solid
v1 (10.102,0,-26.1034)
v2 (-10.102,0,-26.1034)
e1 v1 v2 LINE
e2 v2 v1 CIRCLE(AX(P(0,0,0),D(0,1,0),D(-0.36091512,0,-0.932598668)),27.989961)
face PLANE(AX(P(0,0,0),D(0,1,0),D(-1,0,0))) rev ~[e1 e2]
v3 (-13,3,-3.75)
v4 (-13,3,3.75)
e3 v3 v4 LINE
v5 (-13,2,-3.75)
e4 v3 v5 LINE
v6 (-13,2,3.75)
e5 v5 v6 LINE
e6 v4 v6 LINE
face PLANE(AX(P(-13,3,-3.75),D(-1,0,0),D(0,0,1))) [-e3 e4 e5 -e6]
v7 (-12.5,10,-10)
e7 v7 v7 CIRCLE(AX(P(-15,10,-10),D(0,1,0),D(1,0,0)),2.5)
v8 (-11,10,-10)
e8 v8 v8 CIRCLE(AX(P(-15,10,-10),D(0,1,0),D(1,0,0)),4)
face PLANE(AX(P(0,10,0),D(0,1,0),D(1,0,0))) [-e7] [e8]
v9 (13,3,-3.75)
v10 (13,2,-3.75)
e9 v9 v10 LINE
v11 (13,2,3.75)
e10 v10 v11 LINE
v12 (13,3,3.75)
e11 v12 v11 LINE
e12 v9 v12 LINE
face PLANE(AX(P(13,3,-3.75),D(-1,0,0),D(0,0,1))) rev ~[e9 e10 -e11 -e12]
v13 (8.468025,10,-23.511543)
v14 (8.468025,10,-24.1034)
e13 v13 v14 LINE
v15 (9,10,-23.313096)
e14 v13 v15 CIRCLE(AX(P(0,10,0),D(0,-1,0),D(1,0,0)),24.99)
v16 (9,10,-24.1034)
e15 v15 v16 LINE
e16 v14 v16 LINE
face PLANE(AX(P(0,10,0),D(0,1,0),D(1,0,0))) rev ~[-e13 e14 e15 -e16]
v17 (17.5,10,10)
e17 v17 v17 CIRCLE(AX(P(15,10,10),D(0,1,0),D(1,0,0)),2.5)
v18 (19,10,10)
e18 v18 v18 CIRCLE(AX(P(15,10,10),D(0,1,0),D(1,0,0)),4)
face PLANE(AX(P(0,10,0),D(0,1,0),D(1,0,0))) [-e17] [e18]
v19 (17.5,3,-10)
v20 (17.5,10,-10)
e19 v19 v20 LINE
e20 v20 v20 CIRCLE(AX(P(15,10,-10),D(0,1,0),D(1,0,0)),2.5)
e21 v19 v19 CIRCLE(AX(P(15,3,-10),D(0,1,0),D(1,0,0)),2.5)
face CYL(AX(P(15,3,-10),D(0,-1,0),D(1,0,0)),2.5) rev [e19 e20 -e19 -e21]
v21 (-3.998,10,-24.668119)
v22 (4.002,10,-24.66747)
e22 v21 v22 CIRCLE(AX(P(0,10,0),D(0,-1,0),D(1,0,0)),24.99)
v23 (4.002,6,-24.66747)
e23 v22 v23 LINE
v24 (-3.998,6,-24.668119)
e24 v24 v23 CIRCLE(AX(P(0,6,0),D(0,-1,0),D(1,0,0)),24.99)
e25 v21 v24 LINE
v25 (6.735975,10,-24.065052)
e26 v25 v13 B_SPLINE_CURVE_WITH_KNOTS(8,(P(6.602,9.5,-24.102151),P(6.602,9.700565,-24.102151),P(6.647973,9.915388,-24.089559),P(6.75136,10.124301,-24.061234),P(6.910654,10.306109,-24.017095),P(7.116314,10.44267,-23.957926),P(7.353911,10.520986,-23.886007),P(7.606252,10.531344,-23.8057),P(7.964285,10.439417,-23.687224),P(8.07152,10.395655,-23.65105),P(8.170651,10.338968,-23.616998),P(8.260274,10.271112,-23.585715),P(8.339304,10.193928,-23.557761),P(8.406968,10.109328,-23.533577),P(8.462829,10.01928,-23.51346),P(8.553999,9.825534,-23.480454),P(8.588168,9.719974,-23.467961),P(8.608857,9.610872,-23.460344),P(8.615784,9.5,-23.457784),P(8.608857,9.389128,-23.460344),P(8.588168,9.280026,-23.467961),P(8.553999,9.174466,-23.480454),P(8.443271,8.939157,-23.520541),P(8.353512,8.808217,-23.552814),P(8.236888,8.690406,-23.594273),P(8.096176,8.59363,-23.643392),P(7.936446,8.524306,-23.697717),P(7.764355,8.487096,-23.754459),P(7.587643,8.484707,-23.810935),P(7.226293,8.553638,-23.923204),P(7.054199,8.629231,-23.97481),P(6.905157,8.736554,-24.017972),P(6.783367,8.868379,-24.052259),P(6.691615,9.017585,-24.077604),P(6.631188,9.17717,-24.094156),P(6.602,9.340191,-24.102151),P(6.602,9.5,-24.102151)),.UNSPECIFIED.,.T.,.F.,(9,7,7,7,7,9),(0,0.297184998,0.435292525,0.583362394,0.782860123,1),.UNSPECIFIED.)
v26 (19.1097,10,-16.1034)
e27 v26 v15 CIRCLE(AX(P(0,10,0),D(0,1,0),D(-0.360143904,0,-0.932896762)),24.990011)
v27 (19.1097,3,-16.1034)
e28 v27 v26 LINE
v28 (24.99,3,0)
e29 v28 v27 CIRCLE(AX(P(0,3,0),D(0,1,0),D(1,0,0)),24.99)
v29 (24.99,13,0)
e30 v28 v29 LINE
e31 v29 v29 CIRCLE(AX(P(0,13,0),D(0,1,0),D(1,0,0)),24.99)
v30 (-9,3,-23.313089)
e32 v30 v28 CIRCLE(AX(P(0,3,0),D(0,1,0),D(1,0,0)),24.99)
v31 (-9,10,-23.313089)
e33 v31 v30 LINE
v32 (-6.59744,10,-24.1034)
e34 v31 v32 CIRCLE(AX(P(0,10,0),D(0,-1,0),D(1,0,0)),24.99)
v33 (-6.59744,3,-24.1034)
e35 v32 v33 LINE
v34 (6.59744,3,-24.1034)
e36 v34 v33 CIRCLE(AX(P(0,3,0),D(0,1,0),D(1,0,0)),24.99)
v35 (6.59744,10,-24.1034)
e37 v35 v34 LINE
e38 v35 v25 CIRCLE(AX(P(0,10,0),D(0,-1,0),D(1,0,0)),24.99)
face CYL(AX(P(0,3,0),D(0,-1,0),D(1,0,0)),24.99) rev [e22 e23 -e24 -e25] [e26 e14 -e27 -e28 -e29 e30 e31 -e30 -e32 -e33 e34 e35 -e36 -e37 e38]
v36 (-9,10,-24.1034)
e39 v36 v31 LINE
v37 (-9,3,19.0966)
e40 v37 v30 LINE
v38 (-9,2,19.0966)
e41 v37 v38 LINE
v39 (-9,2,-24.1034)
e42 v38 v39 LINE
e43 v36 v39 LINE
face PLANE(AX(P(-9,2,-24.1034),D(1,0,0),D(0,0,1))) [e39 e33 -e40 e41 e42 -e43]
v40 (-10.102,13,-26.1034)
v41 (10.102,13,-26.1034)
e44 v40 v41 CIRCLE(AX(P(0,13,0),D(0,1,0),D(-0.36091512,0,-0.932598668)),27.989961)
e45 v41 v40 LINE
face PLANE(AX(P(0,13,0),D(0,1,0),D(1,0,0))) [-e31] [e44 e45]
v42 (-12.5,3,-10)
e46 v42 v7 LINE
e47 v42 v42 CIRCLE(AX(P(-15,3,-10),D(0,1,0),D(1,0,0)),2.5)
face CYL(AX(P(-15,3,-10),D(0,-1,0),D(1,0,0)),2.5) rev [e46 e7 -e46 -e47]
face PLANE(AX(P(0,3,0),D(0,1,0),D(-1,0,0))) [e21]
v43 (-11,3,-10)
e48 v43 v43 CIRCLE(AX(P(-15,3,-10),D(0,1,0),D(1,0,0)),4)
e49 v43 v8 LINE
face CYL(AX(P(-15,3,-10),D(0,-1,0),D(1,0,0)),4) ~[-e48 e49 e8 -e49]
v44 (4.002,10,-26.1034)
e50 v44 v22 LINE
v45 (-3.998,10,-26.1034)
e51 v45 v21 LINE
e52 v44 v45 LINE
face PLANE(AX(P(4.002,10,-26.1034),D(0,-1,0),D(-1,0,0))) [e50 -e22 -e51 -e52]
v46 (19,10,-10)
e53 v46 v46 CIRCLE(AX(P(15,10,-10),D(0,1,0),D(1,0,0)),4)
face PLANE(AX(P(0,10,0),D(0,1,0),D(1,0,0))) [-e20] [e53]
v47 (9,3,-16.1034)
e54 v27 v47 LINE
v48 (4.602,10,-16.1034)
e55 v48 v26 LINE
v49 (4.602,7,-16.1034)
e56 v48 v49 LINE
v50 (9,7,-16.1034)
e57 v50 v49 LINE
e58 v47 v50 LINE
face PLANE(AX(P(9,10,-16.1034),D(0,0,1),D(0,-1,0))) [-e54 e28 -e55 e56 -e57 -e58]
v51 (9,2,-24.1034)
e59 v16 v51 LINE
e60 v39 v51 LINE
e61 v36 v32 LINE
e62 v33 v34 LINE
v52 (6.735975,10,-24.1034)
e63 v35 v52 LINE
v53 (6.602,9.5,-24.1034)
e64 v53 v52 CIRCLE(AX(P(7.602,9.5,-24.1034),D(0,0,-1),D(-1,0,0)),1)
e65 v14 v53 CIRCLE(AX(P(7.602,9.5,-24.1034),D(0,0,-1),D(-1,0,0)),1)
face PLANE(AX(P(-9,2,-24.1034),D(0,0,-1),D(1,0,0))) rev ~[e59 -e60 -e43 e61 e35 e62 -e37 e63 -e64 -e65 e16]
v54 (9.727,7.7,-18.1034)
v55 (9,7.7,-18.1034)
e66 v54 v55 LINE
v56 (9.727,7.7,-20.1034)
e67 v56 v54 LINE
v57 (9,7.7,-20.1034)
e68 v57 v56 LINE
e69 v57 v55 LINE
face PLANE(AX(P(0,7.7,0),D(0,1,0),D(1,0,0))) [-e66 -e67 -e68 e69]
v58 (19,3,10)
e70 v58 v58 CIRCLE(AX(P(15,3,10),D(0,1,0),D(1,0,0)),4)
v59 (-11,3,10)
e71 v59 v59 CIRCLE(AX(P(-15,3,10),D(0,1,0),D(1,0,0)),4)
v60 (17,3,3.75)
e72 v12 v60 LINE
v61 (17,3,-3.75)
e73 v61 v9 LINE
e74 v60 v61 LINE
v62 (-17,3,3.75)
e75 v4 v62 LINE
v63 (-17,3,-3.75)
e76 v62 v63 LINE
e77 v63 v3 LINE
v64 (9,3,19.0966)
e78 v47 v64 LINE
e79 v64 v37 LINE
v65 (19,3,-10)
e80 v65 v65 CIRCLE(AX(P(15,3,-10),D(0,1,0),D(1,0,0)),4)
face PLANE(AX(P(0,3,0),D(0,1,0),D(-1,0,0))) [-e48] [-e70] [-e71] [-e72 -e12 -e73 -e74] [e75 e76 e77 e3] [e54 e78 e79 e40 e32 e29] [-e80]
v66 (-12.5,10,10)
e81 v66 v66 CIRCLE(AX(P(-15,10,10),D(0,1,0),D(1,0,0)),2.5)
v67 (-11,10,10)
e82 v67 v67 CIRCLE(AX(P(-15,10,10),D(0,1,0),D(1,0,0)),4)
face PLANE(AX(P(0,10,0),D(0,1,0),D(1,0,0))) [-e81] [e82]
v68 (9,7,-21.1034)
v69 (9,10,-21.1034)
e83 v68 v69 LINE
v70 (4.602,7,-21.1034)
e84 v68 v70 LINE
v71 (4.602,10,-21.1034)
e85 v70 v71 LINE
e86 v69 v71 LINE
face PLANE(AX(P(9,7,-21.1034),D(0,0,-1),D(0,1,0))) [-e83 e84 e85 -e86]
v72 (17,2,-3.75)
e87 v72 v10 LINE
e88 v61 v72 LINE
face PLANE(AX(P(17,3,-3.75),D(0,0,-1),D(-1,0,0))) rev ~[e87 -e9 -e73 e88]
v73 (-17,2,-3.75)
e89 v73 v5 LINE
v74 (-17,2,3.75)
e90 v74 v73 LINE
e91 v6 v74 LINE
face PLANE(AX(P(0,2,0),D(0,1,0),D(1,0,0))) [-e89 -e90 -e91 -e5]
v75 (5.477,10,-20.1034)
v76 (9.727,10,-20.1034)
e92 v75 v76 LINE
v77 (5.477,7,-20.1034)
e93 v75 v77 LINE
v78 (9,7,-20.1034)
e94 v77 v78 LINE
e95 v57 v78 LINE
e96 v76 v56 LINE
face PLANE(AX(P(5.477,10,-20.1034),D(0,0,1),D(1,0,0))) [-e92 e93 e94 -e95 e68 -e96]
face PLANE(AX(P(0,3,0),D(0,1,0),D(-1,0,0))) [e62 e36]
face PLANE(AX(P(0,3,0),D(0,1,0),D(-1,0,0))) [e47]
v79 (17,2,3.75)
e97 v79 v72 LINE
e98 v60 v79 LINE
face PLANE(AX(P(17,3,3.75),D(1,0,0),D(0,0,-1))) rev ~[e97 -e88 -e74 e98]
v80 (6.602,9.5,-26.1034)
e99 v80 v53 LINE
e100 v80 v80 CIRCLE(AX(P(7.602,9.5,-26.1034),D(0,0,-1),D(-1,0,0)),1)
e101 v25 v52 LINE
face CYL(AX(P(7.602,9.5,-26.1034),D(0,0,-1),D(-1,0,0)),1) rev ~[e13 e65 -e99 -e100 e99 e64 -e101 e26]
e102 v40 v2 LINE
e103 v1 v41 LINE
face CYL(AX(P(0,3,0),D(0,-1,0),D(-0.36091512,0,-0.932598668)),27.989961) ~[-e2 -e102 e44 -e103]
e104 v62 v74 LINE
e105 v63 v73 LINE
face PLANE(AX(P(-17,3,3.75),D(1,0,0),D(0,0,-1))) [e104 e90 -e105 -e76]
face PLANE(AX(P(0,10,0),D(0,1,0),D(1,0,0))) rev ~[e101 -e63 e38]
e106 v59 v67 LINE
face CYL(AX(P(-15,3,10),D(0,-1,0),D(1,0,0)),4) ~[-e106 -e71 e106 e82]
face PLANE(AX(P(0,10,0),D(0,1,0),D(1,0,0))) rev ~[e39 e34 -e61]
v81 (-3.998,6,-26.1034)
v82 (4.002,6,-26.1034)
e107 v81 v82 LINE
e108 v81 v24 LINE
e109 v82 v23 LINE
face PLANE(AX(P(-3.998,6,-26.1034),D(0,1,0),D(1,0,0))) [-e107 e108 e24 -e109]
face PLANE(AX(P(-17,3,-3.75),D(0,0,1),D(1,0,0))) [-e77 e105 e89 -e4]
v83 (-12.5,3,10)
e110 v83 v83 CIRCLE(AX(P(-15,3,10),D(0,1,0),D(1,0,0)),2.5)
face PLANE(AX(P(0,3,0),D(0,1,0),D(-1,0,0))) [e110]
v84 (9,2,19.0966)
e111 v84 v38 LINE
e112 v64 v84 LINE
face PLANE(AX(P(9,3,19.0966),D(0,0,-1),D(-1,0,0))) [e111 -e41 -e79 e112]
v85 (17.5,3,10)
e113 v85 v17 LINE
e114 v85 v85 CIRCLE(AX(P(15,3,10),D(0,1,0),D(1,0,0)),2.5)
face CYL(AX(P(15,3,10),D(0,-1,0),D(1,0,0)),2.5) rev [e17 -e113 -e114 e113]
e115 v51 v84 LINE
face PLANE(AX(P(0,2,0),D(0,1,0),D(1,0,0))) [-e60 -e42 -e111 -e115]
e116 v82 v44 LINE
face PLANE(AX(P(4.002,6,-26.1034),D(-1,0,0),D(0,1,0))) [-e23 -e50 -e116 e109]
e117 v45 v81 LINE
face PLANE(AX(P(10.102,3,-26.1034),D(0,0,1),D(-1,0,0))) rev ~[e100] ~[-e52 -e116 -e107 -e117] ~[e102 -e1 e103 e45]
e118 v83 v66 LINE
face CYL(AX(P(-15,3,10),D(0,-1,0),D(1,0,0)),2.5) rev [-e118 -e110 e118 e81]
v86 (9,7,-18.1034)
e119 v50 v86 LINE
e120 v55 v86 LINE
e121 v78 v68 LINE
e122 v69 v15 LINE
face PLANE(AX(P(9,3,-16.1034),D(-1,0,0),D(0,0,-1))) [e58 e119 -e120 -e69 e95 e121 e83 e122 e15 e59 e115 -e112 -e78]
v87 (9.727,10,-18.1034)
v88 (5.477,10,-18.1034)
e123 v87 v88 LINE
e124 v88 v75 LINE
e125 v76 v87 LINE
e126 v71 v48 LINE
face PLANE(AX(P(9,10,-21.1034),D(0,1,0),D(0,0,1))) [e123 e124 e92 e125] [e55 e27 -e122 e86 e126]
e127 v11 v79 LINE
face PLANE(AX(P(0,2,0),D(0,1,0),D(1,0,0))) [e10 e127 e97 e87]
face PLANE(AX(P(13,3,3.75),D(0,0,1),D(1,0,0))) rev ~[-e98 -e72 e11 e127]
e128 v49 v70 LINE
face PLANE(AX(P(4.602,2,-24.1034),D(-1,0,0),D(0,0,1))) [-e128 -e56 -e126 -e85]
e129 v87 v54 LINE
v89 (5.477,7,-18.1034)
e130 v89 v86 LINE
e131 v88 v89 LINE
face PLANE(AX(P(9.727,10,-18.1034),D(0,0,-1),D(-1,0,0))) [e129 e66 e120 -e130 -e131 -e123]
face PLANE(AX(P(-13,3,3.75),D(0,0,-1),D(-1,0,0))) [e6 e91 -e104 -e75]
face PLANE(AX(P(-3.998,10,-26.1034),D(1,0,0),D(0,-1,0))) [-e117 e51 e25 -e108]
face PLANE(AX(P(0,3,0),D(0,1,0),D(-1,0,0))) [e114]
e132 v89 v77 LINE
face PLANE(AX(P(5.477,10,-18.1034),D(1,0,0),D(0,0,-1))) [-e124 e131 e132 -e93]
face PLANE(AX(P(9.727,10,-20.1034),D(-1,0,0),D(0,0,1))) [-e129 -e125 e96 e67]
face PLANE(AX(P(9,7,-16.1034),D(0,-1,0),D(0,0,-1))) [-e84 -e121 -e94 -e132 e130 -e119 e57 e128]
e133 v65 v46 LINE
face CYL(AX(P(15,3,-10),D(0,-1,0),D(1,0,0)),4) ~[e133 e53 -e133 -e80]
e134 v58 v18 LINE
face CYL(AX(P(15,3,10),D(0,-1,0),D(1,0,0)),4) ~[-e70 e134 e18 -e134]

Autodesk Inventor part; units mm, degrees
ref_plane "YZ Plane" through (0, 0, 0) normal (1, 0, 0) x (0, 1, 0)
ref_plane "XZ Plane" through (0, 0, 0) normal (0, 1, 0) x (-1, 0, 0)
ref_plane "XY Plane" through (0, 0, 0) normal (0, 0, 1) x (1, 0, 0)
sketch "Sketch1" plane through (0, 0, 0) normal (0, 1, 0) x (-1, 0, 0)
  line L0 (8.5, 21.5) -> (-8.5, 21.5) construction
  line L1 (-8.5, 21.5) -> (-8.5, -21.5) construction
  line L2 (8.5, -21.5) -> (8.5, 21.5) construction
  line L3 (-8.5, 21.5) -> (8.5, -21.5) construction
  line L4 (-8.5, -21.5) -> (8.5, 21.5) construction
  line L5 (-3.5, -21.5) -> (-3.5, -23.5) construction
  line L6 (-3.5, -23.5) -> (3.5, -23.5) construction
  line L7 (3.5, -23.5) -> (3.5, -21.5) construction
  line L8 (-8.5, -21.5) -> (-3.5, -21.5) construction
  line L9 (3.5, -21.5) -> (8.5, -21.5) construction
  arc A0 (9.5253, -23.1034) -> (-9.5253, -23.1034) centre (0, 0) ccw
  line L10 (9.5253, -23.1034) -> (-9.5253, -23.1034)
  line L11 (-10.102, -26.1034) -> (10.102, -26.1034)
  arc A1 (10.102, -26.1034) -> (-10.102, -26.1034) centre (0, 0) ccw
  dimension "d0" = 43
  dimension "d1" = 17
  dimension "d2" = 7
  dimension "d3" = 2
  dimension "d4" = 3
  dimension "d13" = 20.204
extrude "BASE PLATE" add sketch "Sketch1" along normal blind 3 contours L10 A0 | A1 L11
sketch "Sketch3" plane through (0, 3, 0) normal (0, 1, 0) x (1, 0, 0)
  line L0 (10.102, 26.1034) -> (-10.102, 26.1034) projected
  arc A0 (-10.102, 26.1034) -> (10.102, 26.1034) centre (0, 0) ccw
  arc A1 (-10.102, 26.1034) -> (10.102, 26.1034) centre (0, 0) ccw projected
  line L1 (-10.102, 26.1034) -> (10.102, 26.1034)
  circle A2 centre (0, 0) radius 24.99
  dimension "d58" = 3
extrude "WALLS" add sketch "Sketch3" along normal blind 10
sketch "Sketch6" plane through (0, 3, 0) normal (0, 1, 0) x (1, 0, 0)
  line L0 (-8.5, 21.5) -> (8.5, 21.5) construction
  line L1 (8.5, 21.5) -> (8.5, -21.5) construction
  line L2 (8.5, -21.5) -> (-8.5, -21.5) construction
  line L3 (-8.5, -21.5) -> (-8.5, 21.5) construction
  line L4 (-8.5, -21.5) -> (8.5, 21.5) construction
  line L5 (-8.5, 21.5) -> (8.5, -21.5) construction
  line L6 (0, 0) -> (-15, 0) construction
  line L7 (-15, 0) -> (-15, 10) construction
  line L8 (-15, 10) -> (0, 10) construction
  line L9 (0, 10) -> (0, 0) construction
  circle A0 centre (-15, 10) radius 4
  circle A1 centre (-15, 10) radius 2.5
  circle A2 centre (-15, -10) radius 4
  circle A3 centre (-15, -10) radius 2.5
  circle A4 centre (15, 10) radius 4
  circle A5 centre (15, 10) radius 2.5
  circle A6 centre (15, -10) radius 2.5
  circle A7 centre (15, -10) radius 4
  dimension "d18" = 43
  dimension "d19" = 17
  dimension "d20" = 15
  dimension "d21" = 10
  dimension "d22" = 8
  dimension "d23" = 5
extrude "BUTTON POSTS" add sketch "Sketch6" along normal blind 7
sketch "Sketch7" plane through (0, 3, 0) normal (0, 1, 0) x (1, 0, 0)
  line L0 (-9, 24.1034) -> (9, 24.1034)
  line L1 (9, 24.1034) -> (9, -19.0966)
  line L2 (9, -19.0966) -> (-9, -19.0966)
  line L3 (-9, -19.0966) -> (-9, 24.1034)
  line L4 (-17, 3.75) -> (-13, 3.75)
  line L5 (-13, 3.75) -> (-13, -3.75)
  line L6 (-13, -3.75) -> (-17, -3.75)
  line L7 (-17, -3.75) -> (-17, 3.75)
  line L8 (-24.99, 0) -> (24.99, 0) construction
  line L9 (0, 23.1034) -> (0, -24.99) construction
  line L10 (17, 3.75) -> (13, 3.75)
  line L11 (13, 3.75) -> (13, -3.75)
  line L12 (13, -3.75) -> (17, -3.75)
  line L13 (17, -3.75) -> (17, 3.75)
  line L14 (-9.5253, 24.1034) -> (9.5253, 24.1034) projected
  line L15 (10.102, 26.1034) -> (-10.102, 26.1034) projected
  dimension "d26" = 43.2
  dimension "d27" = 18
  dimension "d28" = 7.5
  dimension "d29" = 4
  dimension "d30" = 3.75
  dimension "d63" = 2
  dimension "d65" = 9
  dimension "d77" = 13
extrude "INDENTATION FOR LINEUP" cut sketch "Sketch7" against normal blind 1
sketch "Sketch9" plane through (0, 2, 0) normal (0, 1, 0) x (1, 0, 0)
  line L0 (-9, 24.1034) -> (9, 24.1034) projected
  line L1 (-9, -19.0966) -> (9, -19.0966)
  line L2 (9, -19.0966) -> (9, 24.1034)
  line L3 (9, 24.1034) -> (-9, 24.1034)
  line L4 (-9, 24.1034) -> (-9, -19.0966)
  point P0 (0, 0)
extrude "FLAT SURFACE FOR ARDUINO" cut sketch "Sketch9" along normal blind 8
sketch "Sketch11" plane through (10.102, 0, -26.1034) normal (0, 0, -1) x (-1, 0, 0)
  line L0 (19.102, 2) -> (1.102, 2) construction
  line L1 (0, 0) -> (0, 13) construction
  line L2 (20.204, 0) -> (20.204, 13) construction
  line L3 (6.1, 10) -> (14.1, 10)
  line L4 (14.1, 10) -> (14.1, 6)
  line L5 (14.1, 6) -> (6.1, 6)
  line L6 (6.1, 6) -> (6.1, 10)
  line L7 (0, 0) -> (20.204, 0) construction
  circle A0 centre (2.5, 9.5) radius 1
  point P0 (10.102, 0)
  dimension "d69" = 4
  dimension "d70" = 4
  dimension "d71" = 6.1
  dimension "d72" = 2
  dimension "d74" = 2.5
  dimension "d78" = 7.5
  dimension "d89" = 8
extrude "I/O HOLES" cut sketch "Sketch11" against normal blind 10
sketch "Sketch12" plane through (0, 3, 0) normal (0, 1, 0) x (1, 0, 0)
  line L0 (19.1097, 16.1034) -> (9, 16.1034)
  line L1 (9, 16.1034) -> (9, 23.3131)
  line L2 (-9, 24.1034) -> (9, 24.1034) construction
  line L3 (-9, -19.0966) -> (-9, 24.1034) construction
  line L4 (9, -19.0966) -> (-9, -19.0966) construction
  line L5 (9, 24.1034) -> (9, -19.0966) construction
  line L6 (10.102, 26.1034) -> (-10.102, 26.1034) projected
  circle A0 centre (0, 0) radius 24.99 construction
  arc A1 (-9, 23.3131) -> (9, 23.3131) centre (0, 0) ccw projected
  arc A2 (19.1097, 16.1034) -> (9, 23.3131) centre (0, 0) ccw
  line L7 (9, 23.3131) -> (9, -19.0966) projected
  point P0 (13, 21.3424)
  dimension "d88" = 10
extrude "Extrusion11" add sketch "Sketch12" along normal blind 7
sketch "Sketch16" plane through (9, 2, -24.1034) normal (-1, 0, 0) x (0, 0, 1)
  line L0 (0, 8) -> (0, 6.5) construction
  line L1 (0.7903, 8) -> (8, 8) construction
  line L2 (6, 8) -> (6, 5.7) construction
  line L3 (6, 5.7) -> (4.3, 5.7) construction
  line L4 (4.3, 5.7) -> (4.3, 8) construction
  line L5 (0.7903, 8) -> (8, 8) construction
  line L6 (8, 1) -> (8, 8) construction
  line L7 (0.7903, 8) -> (8, 8) construction
  line L8 (14.8538, 7.25) -> (0, 7.25) construction
  line L9 (0, 0) -> (0, 8) construction
  line L10 (3, 8) -> (8, 8)
  line L11 (8, 8) -> (8, 5)
  line L12 (8, 5) -> (3, 5)
  line L13 (3, 5) -> (3, 8)
  point P0 (24.1034, -2)
  dimension "d96" = 3
  dimension "d97" = 5
extrude "Extrusion13" add sketch "Sketch16" along normal blind 4.398
sketch "Sketch18" plane through (0, 10, 0) normal (0, 1, 0) x (1, 0, 0)
  line L0 (9.727, 18.1034) -> (5.477, 18.1034)
  line L1 (5.477, 18.1034) -> (5.477, 20.1034)
  line L2 (5.477, 20.1034) -> (9.727, 20.1034)
  line L3 (9.727, 20.1034) -> (9.727, 18.1034)
  line L4 (19.1097, 16.1034) -> (4.602, 16.1034) projected
  line L5 (4.602, 16.1034) -> (4.602, 21.1034) projected
  line L6 (8.468, 23.5115) -> (8.468, 24.1034) projected
  line L7 (6.736, 24.1034) -> (6.736, 24.065) projected
  line L8 (8.468, 24.1034) -> (6.736, 24.1034) projected
  line L9 (6.602, 26.1034) -> (8.602, 26.1034) projected
  line L10 (7.602, 26.1034) -> (7.602, 13.109) construction
  point P0 (0, 0)
  dimension "d104" = 2
  dimension "d105" = 4.25
  dimension "d106" = 2
  dimension "d108" = 2.125
extrude "Extrusion15" cut sketch "Sketch18" against normal blind 2.3
sketch "Sketch20" plane through (0, 7.7, 0) normal (0, 1, 0) x (1, 0, 0)
  line L0 (9, 24.1034) -> (9, -19.0966) projected
  line L1 (5.477, 20.1034) -> (9.727, 20.1034) projected
  line L2 (5.477, 18.1034) -> (5.477, 20.1034) projected
  line L3 (9, 16.1034) -> (9, 21.1034) projected
  line L4 (9, 20.1034) -> (5.477, 20.1034)
  line L5 (5.477, 20.1034) -> (5.477, 18.1034)
  line L6 (5.477, 18.1034) -> (9, 18.1034)
  line L7 (9, 18.1034) -> (9, 20.1034)
  point P0 (0, 0)
extrude "Extrusion16" cut sketch "Sketch20" against normal up to next
equation "\"d30\" = 0.5 * d28"
equation "\"d65\" = 0.5 * d27"
equation "\"d108\" = 0.5 * d105"
properties part number "Base"
